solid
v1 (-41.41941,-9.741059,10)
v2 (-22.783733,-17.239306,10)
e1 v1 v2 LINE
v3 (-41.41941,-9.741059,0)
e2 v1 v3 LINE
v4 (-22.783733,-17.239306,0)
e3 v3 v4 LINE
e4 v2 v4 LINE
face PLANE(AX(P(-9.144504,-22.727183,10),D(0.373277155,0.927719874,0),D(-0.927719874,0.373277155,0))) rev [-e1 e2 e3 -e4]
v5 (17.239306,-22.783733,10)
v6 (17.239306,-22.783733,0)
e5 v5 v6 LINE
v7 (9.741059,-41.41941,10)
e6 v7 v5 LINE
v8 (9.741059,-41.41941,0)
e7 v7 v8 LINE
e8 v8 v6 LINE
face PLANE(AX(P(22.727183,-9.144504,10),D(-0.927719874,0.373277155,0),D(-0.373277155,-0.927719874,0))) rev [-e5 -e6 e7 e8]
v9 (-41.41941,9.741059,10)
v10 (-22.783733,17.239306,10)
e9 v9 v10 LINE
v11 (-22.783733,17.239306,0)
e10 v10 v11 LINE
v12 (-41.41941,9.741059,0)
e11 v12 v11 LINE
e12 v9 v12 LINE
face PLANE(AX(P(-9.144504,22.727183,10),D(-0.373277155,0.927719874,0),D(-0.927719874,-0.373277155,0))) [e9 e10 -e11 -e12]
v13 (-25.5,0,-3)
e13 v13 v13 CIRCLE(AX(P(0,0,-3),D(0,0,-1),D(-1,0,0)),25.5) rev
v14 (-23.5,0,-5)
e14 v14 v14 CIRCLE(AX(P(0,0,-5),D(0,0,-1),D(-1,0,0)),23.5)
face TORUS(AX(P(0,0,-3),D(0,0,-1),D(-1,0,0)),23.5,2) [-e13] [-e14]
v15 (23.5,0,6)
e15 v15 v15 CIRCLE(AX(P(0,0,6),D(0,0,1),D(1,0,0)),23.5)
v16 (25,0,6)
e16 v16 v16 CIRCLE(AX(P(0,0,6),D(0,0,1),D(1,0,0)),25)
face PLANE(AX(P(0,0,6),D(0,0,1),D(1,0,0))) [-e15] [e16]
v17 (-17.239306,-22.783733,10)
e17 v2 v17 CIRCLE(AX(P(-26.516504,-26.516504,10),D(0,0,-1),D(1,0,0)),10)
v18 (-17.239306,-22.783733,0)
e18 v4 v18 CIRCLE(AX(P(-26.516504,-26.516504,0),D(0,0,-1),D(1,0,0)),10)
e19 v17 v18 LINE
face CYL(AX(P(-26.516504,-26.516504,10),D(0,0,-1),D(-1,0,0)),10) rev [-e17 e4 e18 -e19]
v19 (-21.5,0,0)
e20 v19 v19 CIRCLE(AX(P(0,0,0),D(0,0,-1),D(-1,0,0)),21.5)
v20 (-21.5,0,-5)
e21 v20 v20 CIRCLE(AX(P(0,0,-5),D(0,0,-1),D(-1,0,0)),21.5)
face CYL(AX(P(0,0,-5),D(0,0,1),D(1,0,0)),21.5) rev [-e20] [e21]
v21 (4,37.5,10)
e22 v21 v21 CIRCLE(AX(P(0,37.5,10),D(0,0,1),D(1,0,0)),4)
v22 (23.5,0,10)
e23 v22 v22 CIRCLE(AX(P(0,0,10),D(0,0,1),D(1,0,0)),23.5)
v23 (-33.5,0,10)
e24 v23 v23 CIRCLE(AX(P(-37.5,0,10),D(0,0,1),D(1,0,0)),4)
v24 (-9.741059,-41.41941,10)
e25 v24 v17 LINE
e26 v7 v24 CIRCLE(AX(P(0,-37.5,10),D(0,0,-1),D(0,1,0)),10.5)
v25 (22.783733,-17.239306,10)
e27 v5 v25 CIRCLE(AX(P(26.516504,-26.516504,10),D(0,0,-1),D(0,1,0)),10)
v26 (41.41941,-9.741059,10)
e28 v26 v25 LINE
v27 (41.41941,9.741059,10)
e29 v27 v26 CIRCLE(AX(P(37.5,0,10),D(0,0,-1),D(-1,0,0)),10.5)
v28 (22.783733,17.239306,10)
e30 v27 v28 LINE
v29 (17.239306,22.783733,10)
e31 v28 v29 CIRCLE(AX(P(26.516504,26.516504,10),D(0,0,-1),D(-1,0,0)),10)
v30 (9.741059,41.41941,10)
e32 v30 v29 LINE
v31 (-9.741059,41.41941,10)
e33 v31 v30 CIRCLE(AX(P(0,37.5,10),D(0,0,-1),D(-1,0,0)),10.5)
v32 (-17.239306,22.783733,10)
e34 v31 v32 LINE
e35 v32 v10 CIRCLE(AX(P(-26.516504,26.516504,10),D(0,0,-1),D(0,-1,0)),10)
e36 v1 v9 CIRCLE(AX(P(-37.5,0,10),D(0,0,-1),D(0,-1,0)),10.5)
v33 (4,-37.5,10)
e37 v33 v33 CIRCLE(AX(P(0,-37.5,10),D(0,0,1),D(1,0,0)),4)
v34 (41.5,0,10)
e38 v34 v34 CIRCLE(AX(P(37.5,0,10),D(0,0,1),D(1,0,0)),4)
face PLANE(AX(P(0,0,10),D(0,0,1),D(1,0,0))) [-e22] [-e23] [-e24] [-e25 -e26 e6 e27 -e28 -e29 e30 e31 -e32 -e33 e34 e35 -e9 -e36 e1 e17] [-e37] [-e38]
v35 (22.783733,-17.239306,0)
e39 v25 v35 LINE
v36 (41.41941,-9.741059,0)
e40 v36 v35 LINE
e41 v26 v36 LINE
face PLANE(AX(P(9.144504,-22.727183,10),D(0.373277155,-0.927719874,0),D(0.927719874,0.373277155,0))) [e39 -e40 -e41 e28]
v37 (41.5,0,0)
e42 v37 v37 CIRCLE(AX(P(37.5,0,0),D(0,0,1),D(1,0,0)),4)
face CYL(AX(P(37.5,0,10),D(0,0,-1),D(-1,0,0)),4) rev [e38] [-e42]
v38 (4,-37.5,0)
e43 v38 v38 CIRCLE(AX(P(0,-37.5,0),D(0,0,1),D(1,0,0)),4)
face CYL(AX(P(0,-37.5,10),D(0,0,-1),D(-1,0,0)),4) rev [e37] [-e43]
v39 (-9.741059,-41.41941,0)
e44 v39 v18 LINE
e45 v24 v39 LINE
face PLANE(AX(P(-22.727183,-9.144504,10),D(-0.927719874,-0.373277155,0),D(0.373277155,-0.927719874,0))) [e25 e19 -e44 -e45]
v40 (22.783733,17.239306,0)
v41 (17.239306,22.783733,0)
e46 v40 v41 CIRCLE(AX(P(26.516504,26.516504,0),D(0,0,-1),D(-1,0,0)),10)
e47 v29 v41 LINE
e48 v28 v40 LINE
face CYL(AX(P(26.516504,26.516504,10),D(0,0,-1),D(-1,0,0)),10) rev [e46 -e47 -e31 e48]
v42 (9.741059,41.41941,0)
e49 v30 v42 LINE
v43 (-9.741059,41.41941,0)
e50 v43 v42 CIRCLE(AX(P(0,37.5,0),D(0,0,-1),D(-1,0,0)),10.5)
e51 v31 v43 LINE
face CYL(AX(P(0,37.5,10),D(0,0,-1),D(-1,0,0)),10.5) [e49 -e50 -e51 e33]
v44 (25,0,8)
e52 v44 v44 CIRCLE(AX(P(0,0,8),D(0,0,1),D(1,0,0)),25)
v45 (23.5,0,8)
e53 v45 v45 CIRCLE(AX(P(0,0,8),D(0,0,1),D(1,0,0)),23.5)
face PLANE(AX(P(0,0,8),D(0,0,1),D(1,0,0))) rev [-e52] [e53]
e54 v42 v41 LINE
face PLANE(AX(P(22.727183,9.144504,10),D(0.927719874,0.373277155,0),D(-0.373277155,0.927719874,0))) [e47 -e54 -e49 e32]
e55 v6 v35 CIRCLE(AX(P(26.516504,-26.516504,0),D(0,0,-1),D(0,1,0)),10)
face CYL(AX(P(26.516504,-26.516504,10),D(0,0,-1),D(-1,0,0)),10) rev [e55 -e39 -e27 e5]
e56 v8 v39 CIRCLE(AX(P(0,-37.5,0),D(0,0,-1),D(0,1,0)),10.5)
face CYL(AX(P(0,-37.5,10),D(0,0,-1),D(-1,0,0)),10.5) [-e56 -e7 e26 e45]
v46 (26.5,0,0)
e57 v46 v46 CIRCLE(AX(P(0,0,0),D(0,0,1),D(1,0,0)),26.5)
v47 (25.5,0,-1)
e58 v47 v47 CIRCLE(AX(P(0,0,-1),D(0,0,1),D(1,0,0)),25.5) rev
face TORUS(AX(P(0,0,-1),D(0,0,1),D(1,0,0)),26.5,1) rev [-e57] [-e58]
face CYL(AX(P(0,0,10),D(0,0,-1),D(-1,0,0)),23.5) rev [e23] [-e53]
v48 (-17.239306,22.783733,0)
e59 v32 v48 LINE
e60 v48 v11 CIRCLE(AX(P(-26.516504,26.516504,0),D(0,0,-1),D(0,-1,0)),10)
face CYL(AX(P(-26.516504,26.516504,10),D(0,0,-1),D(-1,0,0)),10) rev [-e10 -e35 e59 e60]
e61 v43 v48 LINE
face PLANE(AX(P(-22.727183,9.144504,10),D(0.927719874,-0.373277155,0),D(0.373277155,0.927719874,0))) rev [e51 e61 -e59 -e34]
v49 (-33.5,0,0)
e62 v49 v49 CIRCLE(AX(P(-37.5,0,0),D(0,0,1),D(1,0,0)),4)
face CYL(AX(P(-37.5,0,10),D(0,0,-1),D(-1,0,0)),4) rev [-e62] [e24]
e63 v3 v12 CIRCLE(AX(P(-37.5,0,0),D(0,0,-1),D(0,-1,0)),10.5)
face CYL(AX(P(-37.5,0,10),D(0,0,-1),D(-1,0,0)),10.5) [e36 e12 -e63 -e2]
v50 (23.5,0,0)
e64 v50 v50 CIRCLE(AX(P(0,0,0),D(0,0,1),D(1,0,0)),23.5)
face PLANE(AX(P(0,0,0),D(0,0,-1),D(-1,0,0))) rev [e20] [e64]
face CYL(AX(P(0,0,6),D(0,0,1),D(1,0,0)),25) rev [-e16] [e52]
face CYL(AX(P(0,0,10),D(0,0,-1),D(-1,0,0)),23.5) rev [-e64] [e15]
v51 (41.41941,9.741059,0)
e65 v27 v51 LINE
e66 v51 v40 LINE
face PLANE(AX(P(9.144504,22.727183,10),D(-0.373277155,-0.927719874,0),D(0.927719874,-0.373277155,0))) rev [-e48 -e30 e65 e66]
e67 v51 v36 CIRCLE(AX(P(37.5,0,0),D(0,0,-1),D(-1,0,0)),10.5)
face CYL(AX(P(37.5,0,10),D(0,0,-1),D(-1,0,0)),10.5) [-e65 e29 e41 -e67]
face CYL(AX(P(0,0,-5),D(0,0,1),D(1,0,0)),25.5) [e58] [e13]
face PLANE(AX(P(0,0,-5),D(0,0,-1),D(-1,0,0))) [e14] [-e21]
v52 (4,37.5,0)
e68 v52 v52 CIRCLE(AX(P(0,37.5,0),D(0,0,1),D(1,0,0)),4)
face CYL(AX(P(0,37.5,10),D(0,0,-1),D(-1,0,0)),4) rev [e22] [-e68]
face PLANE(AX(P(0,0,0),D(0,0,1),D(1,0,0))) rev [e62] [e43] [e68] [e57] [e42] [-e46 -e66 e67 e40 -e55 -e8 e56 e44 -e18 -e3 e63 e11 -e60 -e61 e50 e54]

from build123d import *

# Parameters (mm, degrees)
SKETCH1_R           = 48
SKETCH1_R_2         = 23.5
SKETCH1_R_3         = 4
BOSS_EXTRUDE1_DEPTH = 10
CUT_EXTRUDE3_START  = -2
SKETCH2_R           = 25
SKETCH2_R_2         = 23.5
CUT_EXTRUDE3_DEPTH  = 2
CUT_EXTRUDE4_DEPTH  = 11
CIRPATTERN4_COUNT   = 4
SKETCH4_R           = 25.5
SKETCH4_R_2         = 21.5
BOSS_EXTRUDE2_DEPTH = 5
FILLET1_R           = 2
FILLET2_R           = 1


with BuildPart() as part:
    # Sketch1 → Boss-Extrude1 (new body)
    with BuildSketch(Plane.XY):
        Circle(SKETCH1_R)
        Circle(SKETCH1_R_2, mode=Mode.SUBTRACT)
        with Locations((37.5, 0)):
            Circle(SKETCH1_R_3, mode=Mode.SUBTRACT)
        with Locations((0, 37.5)):
            Circle(SKETCH1_R_3, mode=Mode.SUBTRACT)
        with Locations((-37.5, 0)):
            Circle(SKETCH1_R_3, mode=Mode.SUBTRACT)
        with Locations((0, -37.5)):
            Circle(SKETCH1_R_3, mode=Mode.SUBTRACT)
    extrude(amount=BOSS_EXTRUDE1_DEPTH)

    # Sketch2 → Cut-Extrude3 (cut)
    with BuildSketch(Plane.XY.offset(10).offset(CUT_EXTRUDE3_START)):
        Circle(SKETCH2_R)
        Circle(SKETCH2_R_2, mode=Mode.SUBTRACT)
    extrude(amount=-CUT_EXTRUDE3_DEPTH, mode=Mode.SUBTRACT)

    # Sketch3 → Cut-Extrude4 (cut, through all)
    with BuildSketch(Plane(origin=(0, 0, 0), x_dir=(-1, 0, 0), z_dir=(0, 0, -1))):
        with BuildLine():
            Line((-9.741058681, 41.419410131), (-17.239305551, 22.783732741))
            ThreePointArc((-17.239305551, 22.783732741), (-19.445436483, 19.445436483), (-22.783732741, 17.239305551))
            Line((-22.783732741, 17.239305551), (-41.419410131, 9.741058681))
            ThreePointArc((-41.419410131, 9.741058681), (-46.200684064, 5.877762909), (-48, 0))
            ThreePointArc((-48, 0), (-33.941125497, 33.941125497), (0, 48))
            ThreePointArc((0, 48), (-5.877762909, 46.200684064), (-9.741058681, 41.419410131))
        make_face()
    cut_extrude4 = extrude(amount=-CUT_EXTRUDE4_DEPTH, mode=Mode.SUBTRACT)

    # CirPattern4: Cut-Extrude4 ×4 about axis
    cirpattern4_axis = Axis((0, 0, 0), (0, 0, 1))
    for i in range(1, CIRPATTERN4_COUNT):
        add(cut_extrude4.rotate(cirpattern4_axis, i * 360 / CIRPATTERN4_COUNT), mode=Mode.SUBTRACT)

    # Sketch4 → Boss-Extrude2 (add)
    with BuildSketch(Plane(origin=(0, 0, 0), x_dir=(-1, 0, 0), z_dir=(0, 0, -1))):
        Circle(SKETCH4_R)
        Circle(SKETCH4_R_2, mode=Mode.SUBTRACT)
    extrude(amount=BOSS_EXTRUDE2_DEPTH)

    # Fillet1
    fillet1_edges = [part.edges().sort_by_distance(p)[0] for p in [
        (25.5, 0, -5),
    ]]
    fillet(fillet1_edges, radius=FILLET1_R)

    # Fillet2
    fillet2_edges = [part.edges().sort_by_distance(p)[0] for p in [
        (25.5, 0, 0),
    ]]
    fillet(fillet2_edges, radius=FILLET2_R)


solid = part.part
